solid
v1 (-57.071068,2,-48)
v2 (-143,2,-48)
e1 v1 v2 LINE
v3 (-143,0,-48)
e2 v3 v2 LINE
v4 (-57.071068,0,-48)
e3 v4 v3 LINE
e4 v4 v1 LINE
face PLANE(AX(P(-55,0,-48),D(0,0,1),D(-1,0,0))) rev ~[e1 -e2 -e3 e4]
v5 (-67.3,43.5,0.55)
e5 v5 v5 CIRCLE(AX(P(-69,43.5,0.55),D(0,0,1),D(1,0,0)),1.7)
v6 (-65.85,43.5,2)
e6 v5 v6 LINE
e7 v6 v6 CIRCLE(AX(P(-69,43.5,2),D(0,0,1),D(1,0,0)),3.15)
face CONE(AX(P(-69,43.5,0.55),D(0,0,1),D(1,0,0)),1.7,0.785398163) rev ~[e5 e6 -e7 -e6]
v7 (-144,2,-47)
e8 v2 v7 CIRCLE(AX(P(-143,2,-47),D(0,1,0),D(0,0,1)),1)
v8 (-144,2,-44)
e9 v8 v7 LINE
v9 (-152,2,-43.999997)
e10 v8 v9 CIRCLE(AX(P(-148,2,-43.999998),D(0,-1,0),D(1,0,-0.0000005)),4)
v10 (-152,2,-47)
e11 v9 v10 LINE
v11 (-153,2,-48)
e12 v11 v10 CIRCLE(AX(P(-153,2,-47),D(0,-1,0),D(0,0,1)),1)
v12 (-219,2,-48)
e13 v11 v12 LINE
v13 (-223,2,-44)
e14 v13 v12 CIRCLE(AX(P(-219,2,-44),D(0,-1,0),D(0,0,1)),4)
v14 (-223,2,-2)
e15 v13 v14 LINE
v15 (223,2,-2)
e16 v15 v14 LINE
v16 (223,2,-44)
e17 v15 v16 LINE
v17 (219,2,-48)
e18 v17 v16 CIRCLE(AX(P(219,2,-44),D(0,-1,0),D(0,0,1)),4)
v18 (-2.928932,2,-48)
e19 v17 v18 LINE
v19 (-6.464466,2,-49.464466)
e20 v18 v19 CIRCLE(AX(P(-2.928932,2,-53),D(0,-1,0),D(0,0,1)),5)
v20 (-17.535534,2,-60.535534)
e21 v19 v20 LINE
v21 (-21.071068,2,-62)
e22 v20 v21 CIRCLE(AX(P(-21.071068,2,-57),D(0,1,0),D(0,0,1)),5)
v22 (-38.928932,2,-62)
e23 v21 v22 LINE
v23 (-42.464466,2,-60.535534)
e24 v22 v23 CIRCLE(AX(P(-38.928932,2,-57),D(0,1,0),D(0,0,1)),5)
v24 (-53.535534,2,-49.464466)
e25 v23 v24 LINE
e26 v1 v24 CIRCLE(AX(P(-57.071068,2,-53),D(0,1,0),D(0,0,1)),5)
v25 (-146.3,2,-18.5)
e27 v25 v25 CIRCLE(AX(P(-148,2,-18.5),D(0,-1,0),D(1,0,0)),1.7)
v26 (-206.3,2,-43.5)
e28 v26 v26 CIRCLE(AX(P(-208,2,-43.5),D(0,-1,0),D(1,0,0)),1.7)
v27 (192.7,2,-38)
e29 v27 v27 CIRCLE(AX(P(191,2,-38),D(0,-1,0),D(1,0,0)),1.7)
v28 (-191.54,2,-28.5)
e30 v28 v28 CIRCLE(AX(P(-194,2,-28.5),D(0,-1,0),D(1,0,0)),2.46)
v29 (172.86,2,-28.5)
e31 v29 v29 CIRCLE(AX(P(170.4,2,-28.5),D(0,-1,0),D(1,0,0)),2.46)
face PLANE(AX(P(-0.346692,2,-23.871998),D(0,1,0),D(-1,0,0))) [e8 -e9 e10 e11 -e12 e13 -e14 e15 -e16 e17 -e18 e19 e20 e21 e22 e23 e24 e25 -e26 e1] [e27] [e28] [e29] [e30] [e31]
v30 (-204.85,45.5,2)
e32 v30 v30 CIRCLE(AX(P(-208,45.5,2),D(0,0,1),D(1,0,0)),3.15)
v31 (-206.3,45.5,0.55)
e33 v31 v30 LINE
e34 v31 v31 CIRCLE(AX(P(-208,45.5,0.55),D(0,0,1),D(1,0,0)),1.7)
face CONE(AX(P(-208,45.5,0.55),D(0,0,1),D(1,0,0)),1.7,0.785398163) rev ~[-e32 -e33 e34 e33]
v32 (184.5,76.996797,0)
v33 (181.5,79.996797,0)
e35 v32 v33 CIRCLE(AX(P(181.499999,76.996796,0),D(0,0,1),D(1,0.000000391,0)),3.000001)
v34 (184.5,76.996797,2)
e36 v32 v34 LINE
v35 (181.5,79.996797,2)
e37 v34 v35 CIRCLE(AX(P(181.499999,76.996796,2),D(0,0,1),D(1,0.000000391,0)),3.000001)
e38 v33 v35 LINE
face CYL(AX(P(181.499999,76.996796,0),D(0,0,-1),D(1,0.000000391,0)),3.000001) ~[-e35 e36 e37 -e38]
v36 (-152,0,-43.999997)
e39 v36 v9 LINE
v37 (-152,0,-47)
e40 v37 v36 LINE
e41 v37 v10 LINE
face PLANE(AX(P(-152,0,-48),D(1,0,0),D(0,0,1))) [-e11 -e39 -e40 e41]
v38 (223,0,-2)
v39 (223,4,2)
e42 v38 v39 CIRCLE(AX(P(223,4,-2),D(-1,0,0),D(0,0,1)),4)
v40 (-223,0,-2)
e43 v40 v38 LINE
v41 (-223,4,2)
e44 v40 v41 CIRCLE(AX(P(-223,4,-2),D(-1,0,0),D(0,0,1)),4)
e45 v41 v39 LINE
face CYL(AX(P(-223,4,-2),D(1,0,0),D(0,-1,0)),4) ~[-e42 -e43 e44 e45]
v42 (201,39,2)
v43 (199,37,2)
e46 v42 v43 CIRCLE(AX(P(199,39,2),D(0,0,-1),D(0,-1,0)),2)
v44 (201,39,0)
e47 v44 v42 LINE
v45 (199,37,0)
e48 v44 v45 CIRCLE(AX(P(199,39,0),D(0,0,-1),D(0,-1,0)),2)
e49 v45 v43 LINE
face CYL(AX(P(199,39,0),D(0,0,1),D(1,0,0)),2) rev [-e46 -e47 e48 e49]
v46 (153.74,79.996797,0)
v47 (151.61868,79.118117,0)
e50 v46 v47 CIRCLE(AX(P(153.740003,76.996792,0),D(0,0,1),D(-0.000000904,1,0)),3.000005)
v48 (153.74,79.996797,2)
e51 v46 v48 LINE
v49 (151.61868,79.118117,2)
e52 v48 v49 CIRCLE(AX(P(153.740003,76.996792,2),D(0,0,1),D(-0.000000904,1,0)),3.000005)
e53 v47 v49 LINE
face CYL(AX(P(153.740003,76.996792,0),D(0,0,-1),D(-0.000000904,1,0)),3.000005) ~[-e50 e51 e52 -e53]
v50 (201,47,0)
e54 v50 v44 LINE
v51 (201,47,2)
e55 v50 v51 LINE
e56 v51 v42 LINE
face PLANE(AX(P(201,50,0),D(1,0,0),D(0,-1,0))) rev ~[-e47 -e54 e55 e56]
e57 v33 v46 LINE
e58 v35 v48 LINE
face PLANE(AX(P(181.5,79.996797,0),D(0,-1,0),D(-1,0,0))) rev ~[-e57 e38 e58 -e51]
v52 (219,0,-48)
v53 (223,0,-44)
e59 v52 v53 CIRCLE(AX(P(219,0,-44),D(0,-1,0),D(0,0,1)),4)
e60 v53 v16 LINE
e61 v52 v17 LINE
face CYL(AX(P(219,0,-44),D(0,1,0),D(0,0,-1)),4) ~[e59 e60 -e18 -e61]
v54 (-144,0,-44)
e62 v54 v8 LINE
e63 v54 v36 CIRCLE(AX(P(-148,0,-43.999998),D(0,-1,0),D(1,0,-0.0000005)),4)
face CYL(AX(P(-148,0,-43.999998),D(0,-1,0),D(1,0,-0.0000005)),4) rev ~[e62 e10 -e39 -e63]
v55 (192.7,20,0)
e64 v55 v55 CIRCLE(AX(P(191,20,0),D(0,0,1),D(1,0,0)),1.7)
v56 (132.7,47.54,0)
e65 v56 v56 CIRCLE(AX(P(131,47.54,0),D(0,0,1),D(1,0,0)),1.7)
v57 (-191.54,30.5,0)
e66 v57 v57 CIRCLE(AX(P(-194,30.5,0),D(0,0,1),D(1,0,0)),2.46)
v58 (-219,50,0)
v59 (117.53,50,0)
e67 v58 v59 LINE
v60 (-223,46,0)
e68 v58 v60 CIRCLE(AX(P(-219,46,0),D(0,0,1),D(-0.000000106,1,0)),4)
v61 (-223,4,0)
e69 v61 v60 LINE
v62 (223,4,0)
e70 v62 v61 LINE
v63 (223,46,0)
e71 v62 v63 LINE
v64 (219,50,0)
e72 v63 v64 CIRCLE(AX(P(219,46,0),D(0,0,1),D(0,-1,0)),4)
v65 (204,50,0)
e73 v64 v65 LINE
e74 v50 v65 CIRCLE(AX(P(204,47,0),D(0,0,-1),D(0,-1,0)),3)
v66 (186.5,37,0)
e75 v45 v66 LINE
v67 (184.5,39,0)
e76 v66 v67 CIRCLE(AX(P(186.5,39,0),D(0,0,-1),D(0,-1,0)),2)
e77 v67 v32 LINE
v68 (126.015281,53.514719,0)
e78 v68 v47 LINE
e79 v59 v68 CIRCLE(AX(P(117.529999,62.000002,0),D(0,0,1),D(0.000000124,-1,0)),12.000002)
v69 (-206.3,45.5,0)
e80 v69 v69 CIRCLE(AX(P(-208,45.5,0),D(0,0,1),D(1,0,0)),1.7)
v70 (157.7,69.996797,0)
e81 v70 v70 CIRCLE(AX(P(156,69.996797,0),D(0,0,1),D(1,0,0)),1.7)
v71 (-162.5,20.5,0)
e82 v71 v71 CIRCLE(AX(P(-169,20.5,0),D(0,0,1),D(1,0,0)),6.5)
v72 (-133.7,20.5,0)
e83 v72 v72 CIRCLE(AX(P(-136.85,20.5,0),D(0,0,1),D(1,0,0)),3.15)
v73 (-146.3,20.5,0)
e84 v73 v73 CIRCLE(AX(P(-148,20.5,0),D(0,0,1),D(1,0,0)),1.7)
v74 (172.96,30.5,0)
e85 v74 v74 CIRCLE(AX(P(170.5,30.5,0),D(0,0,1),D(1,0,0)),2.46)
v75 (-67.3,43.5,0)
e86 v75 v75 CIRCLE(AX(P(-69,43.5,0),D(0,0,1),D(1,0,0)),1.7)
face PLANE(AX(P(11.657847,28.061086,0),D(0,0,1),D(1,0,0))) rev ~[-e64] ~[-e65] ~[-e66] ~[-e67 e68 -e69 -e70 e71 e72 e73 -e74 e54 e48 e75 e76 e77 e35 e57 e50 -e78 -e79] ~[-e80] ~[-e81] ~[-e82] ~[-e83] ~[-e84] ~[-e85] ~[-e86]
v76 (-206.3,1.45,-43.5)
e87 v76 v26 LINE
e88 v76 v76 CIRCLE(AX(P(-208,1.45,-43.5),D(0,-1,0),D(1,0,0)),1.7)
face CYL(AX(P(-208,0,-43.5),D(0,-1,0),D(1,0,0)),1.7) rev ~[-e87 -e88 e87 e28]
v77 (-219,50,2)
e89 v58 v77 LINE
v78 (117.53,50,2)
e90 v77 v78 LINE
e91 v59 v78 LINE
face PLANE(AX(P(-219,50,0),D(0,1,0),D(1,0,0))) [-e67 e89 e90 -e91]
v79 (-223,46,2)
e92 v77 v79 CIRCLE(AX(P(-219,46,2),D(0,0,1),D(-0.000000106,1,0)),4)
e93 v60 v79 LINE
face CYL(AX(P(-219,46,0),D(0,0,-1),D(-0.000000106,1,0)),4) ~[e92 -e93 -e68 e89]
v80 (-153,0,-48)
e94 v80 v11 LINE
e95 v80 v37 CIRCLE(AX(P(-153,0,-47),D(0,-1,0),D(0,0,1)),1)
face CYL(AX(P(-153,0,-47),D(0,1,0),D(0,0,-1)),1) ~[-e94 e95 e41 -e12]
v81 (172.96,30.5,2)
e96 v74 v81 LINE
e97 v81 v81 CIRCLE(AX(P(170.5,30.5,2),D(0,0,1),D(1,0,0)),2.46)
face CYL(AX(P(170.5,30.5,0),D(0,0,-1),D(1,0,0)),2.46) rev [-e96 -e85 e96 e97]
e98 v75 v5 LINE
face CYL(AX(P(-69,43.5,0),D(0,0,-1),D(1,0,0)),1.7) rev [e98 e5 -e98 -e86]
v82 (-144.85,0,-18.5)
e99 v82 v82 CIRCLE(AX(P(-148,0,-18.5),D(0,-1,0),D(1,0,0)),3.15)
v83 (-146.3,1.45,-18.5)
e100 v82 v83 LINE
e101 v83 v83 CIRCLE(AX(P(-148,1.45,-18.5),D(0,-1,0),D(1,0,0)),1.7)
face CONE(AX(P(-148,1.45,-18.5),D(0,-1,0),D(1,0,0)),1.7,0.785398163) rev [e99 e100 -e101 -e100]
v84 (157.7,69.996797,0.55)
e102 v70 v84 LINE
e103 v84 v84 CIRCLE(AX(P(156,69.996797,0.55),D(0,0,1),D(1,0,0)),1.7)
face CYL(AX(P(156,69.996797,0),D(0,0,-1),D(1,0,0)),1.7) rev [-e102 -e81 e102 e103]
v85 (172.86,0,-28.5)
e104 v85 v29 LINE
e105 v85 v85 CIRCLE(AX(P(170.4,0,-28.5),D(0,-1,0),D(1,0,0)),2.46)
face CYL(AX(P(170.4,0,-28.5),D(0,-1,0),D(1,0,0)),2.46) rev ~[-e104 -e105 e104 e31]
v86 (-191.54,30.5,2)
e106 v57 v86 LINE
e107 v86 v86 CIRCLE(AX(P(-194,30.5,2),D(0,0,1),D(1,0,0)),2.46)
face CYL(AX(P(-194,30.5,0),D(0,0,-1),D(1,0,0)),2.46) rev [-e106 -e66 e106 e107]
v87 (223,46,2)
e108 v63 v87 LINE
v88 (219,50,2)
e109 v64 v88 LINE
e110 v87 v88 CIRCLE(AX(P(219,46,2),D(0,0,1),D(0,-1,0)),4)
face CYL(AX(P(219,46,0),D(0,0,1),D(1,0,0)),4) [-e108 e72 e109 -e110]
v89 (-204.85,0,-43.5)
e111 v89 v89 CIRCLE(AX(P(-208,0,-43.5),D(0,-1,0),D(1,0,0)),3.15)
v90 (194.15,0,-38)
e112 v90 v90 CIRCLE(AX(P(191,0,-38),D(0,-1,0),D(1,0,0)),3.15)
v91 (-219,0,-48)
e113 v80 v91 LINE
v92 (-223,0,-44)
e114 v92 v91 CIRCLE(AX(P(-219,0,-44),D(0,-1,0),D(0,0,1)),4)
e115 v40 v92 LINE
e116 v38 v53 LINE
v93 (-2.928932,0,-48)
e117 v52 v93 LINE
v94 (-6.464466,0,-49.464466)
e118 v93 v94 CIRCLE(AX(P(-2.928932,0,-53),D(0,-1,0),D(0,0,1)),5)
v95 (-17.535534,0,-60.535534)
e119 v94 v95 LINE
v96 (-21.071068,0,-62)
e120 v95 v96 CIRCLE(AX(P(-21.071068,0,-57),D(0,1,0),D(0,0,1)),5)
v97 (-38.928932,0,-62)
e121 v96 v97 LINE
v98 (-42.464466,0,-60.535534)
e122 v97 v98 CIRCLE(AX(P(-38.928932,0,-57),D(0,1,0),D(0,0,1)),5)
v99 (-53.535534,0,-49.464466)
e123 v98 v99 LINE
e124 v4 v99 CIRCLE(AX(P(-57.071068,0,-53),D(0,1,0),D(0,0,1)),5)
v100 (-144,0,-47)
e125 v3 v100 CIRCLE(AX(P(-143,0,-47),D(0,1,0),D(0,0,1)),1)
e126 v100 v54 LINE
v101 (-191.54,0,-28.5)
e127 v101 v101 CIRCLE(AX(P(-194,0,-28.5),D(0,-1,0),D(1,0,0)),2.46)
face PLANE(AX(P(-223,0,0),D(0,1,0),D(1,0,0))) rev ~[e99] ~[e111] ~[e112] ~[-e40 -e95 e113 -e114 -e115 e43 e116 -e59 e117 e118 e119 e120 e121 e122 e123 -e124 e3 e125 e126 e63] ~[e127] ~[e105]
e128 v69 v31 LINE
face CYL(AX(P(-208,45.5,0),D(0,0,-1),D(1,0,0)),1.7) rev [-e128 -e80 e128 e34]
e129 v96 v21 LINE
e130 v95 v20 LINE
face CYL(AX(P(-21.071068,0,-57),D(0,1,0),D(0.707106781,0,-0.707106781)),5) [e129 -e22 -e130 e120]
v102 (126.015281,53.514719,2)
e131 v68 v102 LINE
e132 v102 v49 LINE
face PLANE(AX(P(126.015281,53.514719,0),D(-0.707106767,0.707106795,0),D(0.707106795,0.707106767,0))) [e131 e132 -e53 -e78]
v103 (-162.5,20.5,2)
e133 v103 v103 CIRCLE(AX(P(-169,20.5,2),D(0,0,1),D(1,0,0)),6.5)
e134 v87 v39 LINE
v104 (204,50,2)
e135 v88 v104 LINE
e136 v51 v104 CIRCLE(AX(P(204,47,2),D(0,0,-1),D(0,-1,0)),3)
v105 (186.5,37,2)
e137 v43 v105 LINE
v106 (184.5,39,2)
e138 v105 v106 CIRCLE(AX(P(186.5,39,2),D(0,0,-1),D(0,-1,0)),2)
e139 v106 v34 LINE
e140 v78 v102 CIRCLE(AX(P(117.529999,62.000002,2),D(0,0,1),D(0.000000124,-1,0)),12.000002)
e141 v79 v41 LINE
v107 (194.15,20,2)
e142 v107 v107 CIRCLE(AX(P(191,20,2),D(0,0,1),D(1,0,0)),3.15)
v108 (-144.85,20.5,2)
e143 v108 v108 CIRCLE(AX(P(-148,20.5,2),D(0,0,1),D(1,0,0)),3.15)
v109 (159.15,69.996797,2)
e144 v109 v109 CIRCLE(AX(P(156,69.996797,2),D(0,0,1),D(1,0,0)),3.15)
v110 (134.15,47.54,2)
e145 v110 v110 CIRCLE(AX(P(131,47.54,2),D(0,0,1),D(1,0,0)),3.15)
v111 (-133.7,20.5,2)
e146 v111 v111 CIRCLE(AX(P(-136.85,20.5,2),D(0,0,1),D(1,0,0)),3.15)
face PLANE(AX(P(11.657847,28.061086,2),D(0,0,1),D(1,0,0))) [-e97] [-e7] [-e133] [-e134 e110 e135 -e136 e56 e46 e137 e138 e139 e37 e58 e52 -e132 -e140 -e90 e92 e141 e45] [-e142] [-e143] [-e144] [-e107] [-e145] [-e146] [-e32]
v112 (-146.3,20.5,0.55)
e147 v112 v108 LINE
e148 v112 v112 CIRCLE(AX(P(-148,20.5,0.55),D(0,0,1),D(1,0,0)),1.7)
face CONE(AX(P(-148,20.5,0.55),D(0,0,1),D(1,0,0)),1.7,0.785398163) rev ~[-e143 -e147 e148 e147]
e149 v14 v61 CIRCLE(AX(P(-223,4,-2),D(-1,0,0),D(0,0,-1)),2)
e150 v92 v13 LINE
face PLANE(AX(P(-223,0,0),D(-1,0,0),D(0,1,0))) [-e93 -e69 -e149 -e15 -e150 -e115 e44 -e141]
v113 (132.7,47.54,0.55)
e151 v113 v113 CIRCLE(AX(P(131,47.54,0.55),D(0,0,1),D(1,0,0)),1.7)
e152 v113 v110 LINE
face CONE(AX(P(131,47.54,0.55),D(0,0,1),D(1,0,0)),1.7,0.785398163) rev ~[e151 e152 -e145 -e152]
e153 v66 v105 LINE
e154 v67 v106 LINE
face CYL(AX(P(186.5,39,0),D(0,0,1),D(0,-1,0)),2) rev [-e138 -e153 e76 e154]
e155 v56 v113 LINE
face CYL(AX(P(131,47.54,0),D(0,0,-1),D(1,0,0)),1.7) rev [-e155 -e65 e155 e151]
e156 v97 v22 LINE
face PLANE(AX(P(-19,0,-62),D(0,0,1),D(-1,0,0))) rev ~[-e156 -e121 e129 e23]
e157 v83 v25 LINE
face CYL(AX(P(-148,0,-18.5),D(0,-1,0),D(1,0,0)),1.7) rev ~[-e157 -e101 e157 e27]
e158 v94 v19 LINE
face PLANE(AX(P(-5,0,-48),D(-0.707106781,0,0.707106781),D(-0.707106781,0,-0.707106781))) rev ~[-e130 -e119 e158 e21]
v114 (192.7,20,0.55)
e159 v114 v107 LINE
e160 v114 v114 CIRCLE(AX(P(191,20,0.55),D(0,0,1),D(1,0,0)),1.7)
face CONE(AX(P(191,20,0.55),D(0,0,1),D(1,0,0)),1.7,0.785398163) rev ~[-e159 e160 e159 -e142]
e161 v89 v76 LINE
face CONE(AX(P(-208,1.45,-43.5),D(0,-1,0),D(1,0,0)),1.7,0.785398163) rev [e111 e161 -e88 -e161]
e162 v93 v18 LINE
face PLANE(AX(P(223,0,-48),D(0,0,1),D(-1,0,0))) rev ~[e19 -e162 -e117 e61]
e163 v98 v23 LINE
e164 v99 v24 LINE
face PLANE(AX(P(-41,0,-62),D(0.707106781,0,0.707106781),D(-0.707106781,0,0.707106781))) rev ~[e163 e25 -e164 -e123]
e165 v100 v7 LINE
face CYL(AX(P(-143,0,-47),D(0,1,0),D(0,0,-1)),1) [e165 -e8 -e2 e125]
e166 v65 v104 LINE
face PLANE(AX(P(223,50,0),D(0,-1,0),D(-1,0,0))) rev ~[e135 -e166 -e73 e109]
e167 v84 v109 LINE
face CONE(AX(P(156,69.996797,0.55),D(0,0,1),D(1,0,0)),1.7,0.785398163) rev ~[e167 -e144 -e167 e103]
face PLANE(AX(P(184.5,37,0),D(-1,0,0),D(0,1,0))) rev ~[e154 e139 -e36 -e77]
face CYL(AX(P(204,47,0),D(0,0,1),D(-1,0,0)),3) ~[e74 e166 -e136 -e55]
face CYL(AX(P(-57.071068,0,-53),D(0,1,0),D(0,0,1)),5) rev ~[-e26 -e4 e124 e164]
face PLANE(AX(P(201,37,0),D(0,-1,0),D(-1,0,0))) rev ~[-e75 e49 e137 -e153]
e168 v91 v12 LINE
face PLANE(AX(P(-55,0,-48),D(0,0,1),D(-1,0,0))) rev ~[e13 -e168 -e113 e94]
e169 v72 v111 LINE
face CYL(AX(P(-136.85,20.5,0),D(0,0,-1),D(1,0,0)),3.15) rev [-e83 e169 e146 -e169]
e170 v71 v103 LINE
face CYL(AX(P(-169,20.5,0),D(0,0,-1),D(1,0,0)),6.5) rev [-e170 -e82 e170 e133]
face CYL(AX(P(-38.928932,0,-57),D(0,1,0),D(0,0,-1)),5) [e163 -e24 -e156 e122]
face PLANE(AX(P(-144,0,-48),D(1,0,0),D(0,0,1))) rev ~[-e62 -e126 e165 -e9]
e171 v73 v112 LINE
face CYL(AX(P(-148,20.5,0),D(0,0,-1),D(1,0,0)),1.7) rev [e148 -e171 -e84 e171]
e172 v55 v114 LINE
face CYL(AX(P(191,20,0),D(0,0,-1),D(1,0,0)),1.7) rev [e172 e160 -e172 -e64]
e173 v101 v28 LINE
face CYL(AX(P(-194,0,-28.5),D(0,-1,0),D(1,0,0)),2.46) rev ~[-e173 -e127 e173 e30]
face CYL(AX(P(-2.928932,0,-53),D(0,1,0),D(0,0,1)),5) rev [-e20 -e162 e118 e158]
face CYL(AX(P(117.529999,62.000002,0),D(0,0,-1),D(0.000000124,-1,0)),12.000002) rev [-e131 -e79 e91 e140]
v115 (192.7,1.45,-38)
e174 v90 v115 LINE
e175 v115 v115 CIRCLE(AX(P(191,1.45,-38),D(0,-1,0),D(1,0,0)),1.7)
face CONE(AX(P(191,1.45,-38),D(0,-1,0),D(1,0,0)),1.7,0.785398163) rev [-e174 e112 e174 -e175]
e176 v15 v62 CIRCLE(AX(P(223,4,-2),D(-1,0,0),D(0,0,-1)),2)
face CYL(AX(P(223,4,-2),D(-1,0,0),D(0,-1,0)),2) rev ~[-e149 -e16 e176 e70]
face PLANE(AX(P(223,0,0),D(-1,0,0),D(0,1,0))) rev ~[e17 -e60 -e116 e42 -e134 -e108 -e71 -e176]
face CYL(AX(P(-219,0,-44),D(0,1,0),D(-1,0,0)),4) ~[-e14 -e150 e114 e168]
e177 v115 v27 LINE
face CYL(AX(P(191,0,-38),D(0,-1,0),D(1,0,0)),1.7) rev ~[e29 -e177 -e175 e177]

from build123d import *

# Parameters (mm, degrees)
SKETCH_R        = 6.5
SKETCH_R_2      = 1.7
SKETCH_R_3      = 3.15
SKETCH_R_4      = 2.46
PAD_DEPTH       = 2
FILLET_R        = 4
FILLET001_R     = 2
FILLET002_R     = 3
CHAMFER_SIZE    = 1.45
SKETCH001_R     = 1.7
SKETCH001_R_2   = 2.46
PAD001_DEPTH    = 2
CHAMFER001_SIZE = 1.45
POCKET_DEPTH    = 5
FILLET003_R     = 4
FILLET004_R     = 5
FILLET005_R     = 1
FILLET006_R     = 2
FILLET007_R     = 4


with BuildPart() as part:
    # Sketch → Pad (new body)
    with BuildSketch(Plane.XY):
        with BuildLine():
            Line((-223, 0), (223, 0))
            Line((223, 0), (223, 50))
            Line((223, 50), (201, 50))
            Line((201, 50), (201, 37))
            Line((201, 37), (184.5, 37))
            Line((184.5, 37), (184.5, 76.996797))
            ThreePointArc((184.5, 76.996797), (183.62132, 79.118117), (181.5, 79.996797))
            Line((181.5, 79.996797), (153.74, 79.996797))
            ThreePointArc((153.74, 79.996797), (152.59195, 79.768435), (151.61868, 79.118117))
            Line((126.015281, 53.514719), (151.61868, 79.118117))
            ThreePointArc((117.53, 50), (122.122201, 50.913446), (126.015281, 53.514719))
            Line((-219, 50), (117.53, 50))
            ThreePointArc((-219, 50), (-221.828427, 48.828427), (-223, 46))
            Line((-223, 0), (-223, 46))
        make_face()
        with Locations((-169, 20.5)):
            Circle(SKETCH_R, mode=Mode.SUBTRACT)
        with Locations((-148, 20.5)):
            Circle(SKETCH_R_2, mode=Mode.SUBTRACT)
        with Locations((-136.85, 20.5)):
            Circle(SKETCH_R_3, mode=Mode.SUBTRACT)
        with Locations((-208, 45.5)):
            Circle(SKETCH_R_2, mode=Mode.SUBTRACT)
        with Locations((-69, 43.5)):
            Circle(SKETCH_R_2, mode=Mode.SUBTRACT)
        with Locations((156, 69.996797)):
            Circle(SKETCH_R_2, mode=Mode.SUBTRACT)
        with Locations((131, 47.54)):
            Circle(SKETCH_R_2, mode=Mode.SUBTRACT)
        with Locations((170.5, 30.5)):
            Circle(SKETCH_R_4, mode=Mode.SUBTRACT)
        with Locations((191, 20)):
            Circle(SKETCH_R_2, mode=Mode.SUBTRACT)
        with Locations((-194, 30.5)):
            Circle(SKETCH_R_4, mode=Mode.SUBTRACT)
    extrude(amount=PAD_DEPTH)

    # Fillet
    fillet_edges = [part.edges().sort_by_distance(p)[0] for p in [
        (223, 50, 1),
    ]]
    fillet(fillet_edges, radius=FILLET_R)

    # Fillet001
    fillet001_edges = [part.edges().sort_by_distance(p)[0] for p in [
        (201, 37, 1),
        (184.5, 37, 1),
    ]]
    fillet(fillet001_edges, radius=FILLET001_R)

    # Fillet002
    fillet002_edges = [part.edges().sort_by_distance(p)[0] for p in [
        (201, 50, 1),
    ]]
    fillet(fillet002_edges, radius=FILLET002_R)

    # Chamfer
    chamfer_edges = [part.edges().sort_by_distance(p)[0] for p in [
        (189.3, 20, 2),
        (154.3, 69.996797, 2),
        (129.3, 47.54, 2),
        (-70.7, 43.5, 2),
        (-149.7, 20.5, 2),
        (-209.7, 45.5, 2),
    ]]
    chamfer(chamfer_edges, length=CHAMFER_SIZE)

    # Sketch001 → Pad001 (new body)
    with BuildSketch(Plane.XZ):
        Polygon((-223, 2), (223, 2), (223, -48), (-5, -48), (-19, -62), (-41, -62), (-55, -48), (-223, -48), align=None)
        with Locations((-208, -43.5)):
            Circle(SKETCH001_R, mode=Mode.SUBTRACT)
        with Locations((-194, -28.5)):
            Circle(SKETCH001_R_2, mode=Mode.SUBTRACT)
        with Locations((-148, -18.5)):
            Circle(SKETCH001_R, mode=Mode.SUBTRACT)
        with Locations((191, -38)):
            Circle(SKETCH001_R, mode=Mode.SUBTRACT)
        with Locations((170.4, -28.5)):
            Circle(SKETCH001_R_2, mode=Mode.SUBTRACT)
    extrude(amount=-PAD001_DEPTH)

    # Chamfer001
    chamfer001_edges = [part.edges().sort_by_distance(p)[0] for p in [
        (189.3, 0, -38),
        (-149.7, 0, -18.5),
        (-209.7, 0, -43.5),
    ]]
    chamfer(chamfer001_edges, length=CHAMFER001_SIZE)

    # Sketch002 → Pocket (cut)
    with BuildSketch(Plane.XZ):
        with BuildLine():
            Line((-152, -48), (-152, -43.999997))
            ThreePointArc((-144, -44), (-147.999999, -39.999998), (-152, -43.999997))
            Line((-144, -48), (-144, -44))
            Line((-152, -48), (-144, -48))
        make_face()
    extrude(amount=-POCKET_DEPTH, mode=Mode.SUBTRACT)

    # Fillet003
    fillet003_edges = [part.edges().sort_by_distance(p)[0] for p in [
        (-223, 1, -48),
        (223, 1, -48),
    ]]
    fillet(fillet003_edges, radius=FILLET003_R)

    # Fillet004
    fillet004_edges = [part.edges().sort_by_distance(p)[0] for p in [
        (-5, 1, -48),
        (-19, 1, -62),
        (-41, 1, -62),
        (-55, 1, -48),
    ]]
    fillet(fillet004_edges, radius=FILLET004_R)

    # Fillet005
    fillet005_edges = [part.edges().sort_by_distance(p)[0] for p in [
        (-152, 1, -48),
        (-144, 1, -48),
    ]]
    fillet(fillet005_edges, radius=FILLET005_R)

    # Fillet006
    fillet006_edges = [part.edges().sort_by_distance(p)[0] for p in [
        (0, 2, 0),
    ]]
    fillet(fillet006_edges, radius=FILLET006_R)

    # Fillet007
    fillet007_edges = [part.edges().sort_by_distance(p)[0] for p in [
        (0, 0, 2),
    ]]
    fillet(fillet007_edges, radius=FILLET007_R)


solid = part.part
